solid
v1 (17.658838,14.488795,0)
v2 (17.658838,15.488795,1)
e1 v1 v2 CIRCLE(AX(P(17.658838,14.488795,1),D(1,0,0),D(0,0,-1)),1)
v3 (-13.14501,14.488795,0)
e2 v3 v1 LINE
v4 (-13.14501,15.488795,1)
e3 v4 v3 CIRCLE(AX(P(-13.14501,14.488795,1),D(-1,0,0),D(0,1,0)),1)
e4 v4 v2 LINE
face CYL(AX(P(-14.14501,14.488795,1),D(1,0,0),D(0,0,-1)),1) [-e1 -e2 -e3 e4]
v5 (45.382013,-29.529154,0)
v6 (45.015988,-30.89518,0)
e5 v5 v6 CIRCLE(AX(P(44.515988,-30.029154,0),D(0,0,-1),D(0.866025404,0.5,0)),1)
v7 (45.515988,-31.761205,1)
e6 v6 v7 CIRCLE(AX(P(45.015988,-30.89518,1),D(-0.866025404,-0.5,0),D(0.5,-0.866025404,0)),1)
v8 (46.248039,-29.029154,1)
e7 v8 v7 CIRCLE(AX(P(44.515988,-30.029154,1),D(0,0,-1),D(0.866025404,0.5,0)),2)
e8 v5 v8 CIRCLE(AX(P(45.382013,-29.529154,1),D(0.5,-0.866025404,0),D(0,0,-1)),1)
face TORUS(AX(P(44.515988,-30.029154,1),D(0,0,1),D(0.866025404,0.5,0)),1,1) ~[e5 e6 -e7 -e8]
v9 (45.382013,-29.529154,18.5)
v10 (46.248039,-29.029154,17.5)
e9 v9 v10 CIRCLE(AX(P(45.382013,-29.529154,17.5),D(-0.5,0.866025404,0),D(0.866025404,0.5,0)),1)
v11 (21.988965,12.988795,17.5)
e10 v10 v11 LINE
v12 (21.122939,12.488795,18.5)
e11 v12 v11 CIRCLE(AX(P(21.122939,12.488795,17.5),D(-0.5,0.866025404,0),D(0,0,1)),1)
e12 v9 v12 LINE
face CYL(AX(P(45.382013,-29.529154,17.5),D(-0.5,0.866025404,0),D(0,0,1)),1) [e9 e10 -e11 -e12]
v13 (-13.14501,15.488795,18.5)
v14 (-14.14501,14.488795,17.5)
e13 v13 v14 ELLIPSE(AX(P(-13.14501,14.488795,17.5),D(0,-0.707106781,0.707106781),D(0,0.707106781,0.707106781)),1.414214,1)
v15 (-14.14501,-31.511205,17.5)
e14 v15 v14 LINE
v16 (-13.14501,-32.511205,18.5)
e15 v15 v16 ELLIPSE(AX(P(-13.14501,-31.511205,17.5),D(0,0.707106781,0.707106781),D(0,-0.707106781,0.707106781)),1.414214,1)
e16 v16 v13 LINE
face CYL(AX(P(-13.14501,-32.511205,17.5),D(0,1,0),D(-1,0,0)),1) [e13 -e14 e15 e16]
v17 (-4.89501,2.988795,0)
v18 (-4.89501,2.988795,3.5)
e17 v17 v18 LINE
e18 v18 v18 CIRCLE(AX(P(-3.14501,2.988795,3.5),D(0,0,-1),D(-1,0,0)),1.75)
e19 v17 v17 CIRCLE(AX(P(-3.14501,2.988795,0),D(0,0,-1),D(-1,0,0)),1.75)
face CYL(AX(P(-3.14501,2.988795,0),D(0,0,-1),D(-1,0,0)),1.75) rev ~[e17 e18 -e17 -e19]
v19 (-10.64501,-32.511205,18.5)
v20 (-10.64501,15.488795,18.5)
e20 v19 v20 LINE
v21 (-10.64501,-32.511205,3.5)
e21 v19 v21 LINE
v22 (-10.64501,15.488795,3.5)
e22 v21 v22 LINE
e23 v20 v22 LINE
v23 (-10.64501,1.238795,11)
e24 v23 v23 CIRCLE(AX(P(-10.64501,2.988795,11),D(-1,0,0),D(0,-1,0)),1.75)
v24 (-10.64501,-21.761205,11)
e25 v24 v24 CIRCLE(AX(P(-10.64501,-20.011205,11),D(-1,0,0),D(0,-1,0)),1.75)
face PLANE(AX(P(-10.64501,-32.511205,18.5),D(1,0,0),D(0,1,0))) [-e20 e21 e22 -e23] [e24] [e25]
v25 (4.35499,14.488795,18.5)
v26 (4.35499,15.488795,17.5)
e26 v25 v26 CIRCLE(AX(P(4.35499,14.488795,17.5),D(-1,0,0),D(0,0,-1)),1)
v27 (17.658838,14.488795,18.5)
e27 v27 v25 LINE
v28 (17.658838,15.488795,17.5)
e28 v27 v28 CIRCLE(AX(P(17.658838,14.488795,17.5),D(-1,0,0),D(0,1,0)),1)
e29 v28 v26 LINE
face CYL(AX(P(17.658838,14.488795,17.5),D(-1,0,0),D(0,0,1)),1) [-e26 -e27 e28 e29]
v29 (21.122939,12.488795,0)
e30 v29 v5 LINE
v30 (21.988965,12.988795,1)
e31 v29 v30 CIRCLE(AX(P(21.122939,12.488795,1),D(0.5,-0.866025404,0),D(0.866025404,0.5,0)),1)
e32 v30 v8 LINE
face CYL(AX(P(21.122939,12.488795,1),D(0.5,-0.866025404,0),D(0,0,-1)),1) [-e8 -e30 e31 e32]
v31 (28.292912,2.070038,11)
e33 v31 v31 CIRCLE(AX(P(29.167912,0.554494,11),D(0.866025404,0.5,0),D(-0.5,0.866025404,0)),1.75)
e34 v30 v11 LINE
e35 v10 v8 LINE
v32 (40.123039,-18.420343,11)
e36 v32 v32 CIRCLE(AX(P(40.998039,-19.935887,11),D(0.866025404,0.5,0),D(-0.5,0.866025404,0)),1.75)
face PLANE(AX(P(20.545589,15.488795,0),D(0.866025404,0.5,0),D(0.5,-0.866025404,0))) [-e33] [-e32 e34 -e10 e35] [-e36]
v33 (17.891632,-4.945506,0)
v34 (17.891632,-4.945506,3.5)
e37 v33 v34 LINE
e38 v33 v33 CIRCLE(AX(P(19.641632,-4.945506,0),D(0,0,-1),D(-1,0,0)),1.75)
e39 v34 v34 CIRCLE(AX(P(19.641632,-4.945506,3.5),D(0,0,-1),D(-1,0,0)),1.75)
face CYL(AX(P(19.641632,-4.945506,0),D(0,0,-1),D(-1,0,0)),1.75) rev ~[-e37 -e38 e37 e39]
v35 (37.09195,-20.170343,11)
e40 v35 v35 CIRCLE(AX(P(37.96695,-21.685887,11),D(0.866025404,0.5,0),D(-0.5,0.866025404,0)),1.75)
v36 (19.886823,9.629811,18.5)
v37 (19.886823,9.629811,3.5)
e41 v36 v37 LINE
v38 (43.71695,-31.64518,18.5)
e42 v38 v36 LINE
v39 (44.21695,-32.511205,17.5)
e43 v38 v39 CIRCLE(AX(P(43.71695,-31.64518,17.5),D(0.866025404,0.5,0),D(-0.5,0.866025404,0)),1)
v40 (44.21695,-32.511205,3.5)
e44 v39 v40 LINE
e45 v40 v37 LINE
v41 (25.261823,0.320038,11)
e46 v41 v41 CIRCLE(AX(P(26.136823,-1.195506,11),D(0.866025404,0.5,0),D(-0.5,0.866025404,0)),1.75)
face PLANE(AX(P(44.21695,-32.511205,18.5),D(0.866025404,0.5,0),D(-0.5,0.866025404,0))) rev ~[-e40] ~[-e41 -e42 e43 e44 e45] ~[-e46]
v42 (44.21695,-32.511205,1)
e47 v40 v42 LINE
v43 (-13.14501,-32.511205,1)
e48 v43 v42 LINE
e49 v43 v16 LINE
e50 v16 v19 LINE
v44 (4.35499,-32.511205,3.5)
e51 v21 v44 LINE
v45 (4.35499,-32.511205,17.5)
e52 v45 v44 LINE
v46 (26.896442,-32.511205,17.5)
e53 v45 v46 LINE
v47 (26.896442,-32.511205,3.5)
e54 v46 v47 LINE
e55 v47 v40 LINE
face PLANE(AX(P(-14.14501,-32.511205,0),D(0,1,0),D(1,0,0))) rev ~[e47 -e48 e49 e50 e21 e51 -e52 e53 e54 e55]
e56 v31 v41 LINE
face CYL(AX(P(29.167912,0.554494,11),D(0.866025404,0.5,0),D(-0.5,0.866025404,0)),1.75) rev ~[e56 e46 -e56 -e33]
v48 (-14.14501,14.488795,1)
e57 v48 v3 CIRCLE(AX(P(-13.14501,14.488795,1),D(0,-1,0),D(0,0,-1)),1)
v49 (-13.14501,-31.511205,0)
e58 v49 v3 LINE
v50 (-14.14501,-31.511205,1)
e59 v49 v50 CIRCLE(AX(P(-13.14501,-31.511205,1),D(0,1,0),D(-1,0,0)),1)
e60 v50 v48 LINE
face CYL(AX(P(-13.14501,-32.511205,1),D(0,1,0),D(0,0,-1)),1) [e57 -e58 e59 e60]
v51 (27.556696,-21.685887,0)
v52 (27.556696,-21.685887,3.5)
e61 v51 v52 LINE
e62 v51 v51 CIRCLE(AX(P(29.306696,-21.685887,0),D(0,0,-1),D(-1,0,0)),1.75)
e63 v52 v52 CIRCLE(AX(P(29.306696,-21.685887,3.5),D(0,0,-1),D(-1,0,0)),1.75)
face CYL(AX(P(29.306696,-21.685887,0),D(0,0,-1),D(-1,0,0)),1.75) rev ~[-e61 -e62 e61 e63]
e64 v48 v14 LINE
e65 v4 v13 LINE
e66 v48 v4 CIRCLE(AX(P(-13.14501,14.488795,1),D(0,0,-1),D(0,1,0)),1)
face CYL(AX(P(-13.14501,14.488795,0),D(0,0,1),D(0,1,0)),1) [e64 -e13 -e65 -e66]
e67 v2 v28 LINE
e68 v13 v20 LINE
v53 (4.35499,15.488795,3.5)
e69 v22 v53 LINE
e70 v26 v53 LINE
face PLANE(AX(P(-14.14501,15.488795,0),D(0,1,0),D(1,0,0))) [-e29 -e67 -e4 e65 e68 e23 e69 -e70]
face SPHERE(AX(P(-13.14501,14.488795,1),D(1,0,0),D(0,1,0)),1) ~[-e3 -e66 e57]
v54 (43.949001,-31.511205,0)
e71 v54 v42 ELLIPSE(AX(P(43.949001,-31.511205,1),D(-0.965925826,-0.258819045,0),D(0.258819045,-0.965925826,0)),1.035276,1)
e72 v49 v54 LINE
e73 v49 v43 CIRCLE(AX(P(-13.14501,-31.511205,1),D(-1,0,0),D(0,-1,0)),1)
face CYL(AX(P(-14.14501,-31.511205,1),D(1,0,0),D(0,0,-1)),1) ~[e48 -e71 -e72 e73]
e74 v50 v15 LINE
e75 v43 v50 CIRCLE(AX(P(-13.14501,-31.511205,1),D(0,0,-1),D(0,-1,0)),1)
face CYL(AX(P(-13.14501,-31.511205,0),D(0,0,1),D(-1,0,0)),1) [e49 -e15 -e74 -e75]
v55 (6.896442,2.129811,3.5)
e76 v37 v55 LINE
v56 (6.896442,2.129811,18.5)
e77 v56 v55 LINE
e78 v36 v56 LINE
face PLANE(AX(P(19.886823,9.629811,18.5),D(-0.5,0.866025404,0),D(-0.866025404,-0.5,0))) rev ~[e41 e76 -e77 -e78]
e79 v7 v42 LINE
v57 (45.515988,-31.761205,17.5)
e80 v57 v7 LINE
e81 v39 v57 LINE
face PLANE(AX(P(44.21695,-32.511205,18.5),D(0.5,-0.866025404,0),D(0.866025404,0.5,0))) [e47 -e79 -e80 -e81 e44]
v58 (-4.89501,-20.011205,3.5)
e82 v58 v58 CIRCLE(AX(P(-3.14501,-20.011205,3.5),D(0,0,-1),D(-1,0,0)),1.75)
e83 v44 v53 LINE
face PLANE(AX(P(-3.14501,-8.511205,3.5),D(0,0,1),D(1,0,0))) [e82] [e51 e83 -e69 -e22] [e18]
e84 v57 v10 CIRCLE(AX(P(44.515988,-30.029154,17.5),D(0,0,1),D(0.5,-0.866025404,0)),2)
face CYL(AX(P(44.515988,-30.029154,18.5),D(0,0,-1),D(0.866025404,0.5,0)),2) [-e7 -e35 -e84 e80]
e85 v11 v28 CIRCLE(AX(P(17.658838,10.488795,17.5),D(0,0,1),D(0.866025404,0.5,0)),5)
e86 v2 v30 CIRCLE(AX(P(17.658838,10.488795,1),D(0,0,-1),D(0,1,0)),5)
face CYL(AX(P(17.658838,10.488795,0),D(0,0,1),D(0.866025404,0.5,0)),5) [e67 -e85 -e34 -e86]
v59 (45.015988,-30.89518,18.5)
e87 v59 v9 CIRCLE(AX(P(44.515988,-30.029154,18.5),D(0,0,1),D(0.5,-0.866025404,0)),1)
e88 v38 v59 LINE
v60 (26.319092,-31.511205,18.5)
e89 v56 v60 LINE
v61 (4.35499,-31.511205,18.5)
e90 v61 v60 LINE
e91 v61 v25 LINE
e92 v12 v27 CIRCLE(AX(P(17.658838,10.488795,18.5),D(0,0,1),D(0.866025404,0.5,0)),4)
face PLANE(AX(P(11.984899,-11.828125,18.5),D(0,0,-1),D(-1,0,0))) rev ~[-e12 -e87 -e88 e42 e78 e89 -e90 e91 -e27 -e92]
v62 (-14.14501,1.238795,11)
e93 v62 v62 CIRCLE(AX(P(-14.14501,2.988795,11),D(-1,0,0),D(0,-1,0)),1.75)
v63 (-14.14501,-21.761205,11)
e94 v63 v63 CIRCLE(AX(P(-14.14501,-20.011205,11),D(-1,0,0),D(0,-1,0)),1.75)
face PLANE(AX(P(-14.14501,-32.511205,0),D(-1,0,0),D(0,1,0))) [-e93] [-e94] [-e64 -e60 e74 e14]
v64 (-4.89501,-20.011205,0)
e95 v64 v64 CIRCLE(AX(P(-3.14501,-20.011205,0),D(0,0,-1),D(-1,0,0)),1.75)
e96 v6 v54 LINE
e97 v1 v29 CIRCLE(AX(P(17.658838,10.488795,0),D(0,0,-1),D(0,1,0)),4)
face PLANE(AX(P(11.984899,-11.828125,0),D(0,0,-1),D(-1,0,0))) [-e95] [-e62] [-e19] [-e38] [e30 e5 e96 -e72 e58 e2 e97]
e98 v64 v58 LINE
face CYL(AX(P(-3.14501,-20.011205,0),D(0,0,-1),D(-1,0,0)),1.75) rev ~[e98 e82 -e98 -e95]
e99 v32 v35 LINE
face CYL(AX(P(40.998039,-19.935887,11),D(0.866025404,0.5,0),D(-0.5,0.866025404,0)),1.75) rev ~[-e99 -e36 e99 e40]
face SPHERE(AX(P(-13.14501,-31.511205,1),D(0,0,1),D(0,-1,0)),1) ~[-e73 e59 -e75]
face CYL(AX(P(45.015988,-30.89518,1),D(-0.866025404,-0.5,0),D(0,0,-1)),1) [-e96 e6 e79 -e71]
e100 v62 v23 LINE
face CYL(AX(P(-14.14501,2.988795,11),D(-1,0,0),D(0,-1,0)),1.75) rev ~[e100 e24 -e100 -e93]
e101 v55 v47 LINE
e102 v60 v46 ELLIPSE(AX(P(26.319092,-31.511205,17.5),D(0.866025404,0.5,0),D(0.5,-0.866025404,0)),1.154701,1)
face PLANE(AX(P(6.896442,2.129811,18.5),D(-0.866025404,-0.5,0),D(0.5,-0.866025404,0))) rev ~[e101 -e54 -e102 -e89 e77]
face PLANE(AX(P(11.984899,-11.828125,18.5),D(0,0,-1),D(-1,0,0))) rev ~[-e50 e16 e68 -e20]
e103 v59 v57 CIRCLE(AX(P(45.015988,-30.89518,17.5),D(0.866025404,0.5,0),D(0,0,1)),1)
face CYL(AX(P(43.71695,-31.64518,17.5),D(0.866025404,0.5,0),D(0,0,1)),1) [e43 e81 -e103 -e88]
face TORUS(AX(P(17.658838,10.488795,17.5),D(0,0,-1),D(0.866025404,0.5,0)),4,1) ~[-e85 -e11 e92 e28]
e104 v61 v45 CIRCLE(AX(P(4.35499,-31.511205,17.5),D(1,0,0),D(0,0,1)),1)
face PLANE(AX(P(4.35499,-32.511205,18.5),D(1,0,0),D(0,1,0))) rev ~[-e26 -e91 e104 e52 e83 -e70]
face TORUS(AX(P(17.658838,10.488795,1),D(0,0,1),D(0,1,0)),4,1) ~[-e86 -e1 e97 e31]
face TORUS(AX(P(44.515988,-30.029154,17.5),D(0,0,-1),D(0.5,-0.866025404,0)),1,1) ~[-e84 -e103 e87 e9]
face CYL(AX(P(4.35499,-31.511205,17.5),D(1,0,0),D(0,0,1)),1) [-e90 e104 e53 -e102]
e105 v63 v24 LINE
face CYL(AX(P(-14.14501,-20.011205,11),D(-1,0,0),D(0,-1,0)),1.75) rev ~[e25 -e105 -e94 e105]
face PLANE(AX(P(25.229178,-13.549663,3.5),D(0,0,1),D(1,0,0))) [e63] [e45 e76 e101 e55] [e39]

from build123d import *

# Parameters (mm, degrees)
BOSS_EXTRUDE1_DEPTH = 18.5
SKETCH2_W           = 15
SKETCH2_H           = 48
CUT_EXTRUDE1_DEPTH  = 15
SKETCH3_R           = 1.75
CUT_EXTRUDE2_DEPTH  = 3.5
SKETCH4_R           = 1.75
CUT_EXTRUDE3_DEPTH  = 4
SKETCH5_R           = 1.75
CUT_EXTRUDE4_DEPTH  = 4
CUT_EXTRUDE5_DEPTH  = 19
FILLET1_R           = 2
FILLET2_R           = 5
FILLET3_R           = 1


with BuildPart() as part:
    # Sketch1 → Boss-Extrude1 (new body)
    with BuildSketch(Plane.XY):
        Polygon((20.545588903, 15.488794989), (48.258401824, -32.511205011), (7.85498998, -32.511205011), (-14.14501002, -32.511205011), (-14.14501002, 15.488794989), align=None)
    extrude(amount=BOSS_EXTRUDE1_DEPTH)

    # Sketch2 → Cut-Extrude1 (cut)
    with BuildSketch(Plane.XY.offset(18.5)):
        with Locations((-3.14501002, -8.511205011)):
            Rectangle(SKETCH2_W, SKETCH2_H)
        Polygon((44.21694994, -32.511205011), (19.886822921, 9.62981114), (6.896441864, 2.12981114), (26.896441864, -32.511205011), align=None)
    extrude(amount=-CUT_EXTRUDE1_DEPTH, mode=Mode.SUBTRACT)

    # Sketch3 → Cut-Extrude2 (cut)
    with BuildSketch(Plane(origin=(22.116036645, 12.76869971, 0), x_dir=(0, 0, -1), z_dir=(0.8660254037844377, 0.5000000000000014, 0))):
        with Locations(Location((-11, -37.764004417, 0), (0, 0, 90))):
            Circle(SKETCH3_R)
        with Locations(Location((-11, -14.103750379, 0), (0, 0, 90))):
            Circle(SKETCH3_R)
    extrude(amount=-CUT_EXTRUDE2_DEPTH, mode=Mode.SUBTRACT)

    # Sketch4 → Cut-Extrude3 (cut)
    with BuildSketch(Plane(origin=(0, 0, 0), x_dir=(-1, 0, 0), z_dir=(0, 0, -1))):
        with Locations((-29.306695902, -21.685887464)):
            Circle(SKETCH4_R)
        with Locations((-19.641632393, -4.945506407)):
            Circle(SKETCH4_R)
        with Locations((3.14501002, 2.988794989)):
            Circle(SKETCH4_R)
        with Locations((3.14501002, -20.011205011)):
            Circle(SKETCH4_R)
    extrude(amount=-CUT_EXTRUDE3_DEPTH, mode=Mode.SUBTRACT)

    # Sketch5 → Cut-Extrude4 (cut)
    with BuildSketch(Plane.ZY.offset(14.14501002)):
        with Locations(Location((11, -20.011205011, 0), (0, 0, 270))):
            Circle(SKETCH5_R)
        with Locations(Location((11, 2.988794989, 0), (0, 0, 270))):
            Circle(SKETCH5_R)
    extrude(amount=-CUT_EXTRUDE4_DEPTH, mode=Mode.SUBTRACT)

    # Sketch6 → Cut-Extrude5 (cut)
    with BuildSketch(Plane.XY.offset(18.5)):
        Polygon((44.21694994, -32.511205011), (47.248038853, -30.761205011), (48.258401824, -32.511205011), align=None)
    extrude(amount=-CUT_EXTRUDE5_DEPTH, mode=Mode.SUBTRACT)

    # Fillet1
    fillet1_edges = [part.edges().sort_by_distance(p)[0] for p in [
        (47.248038853, -30.761205011, 9.25),
    ]]
    fillet(fillet1_edges, radius=FILLET1_R)

    # Fillet2
    fillet2_edges = [part.edges().sort_by_distance(p)[0] for p in [
        (20.545588903, 15.488794989, 9.25),
    ]]
    fillet(fillet2_edges, radius=FILLET2_R)

    # Fillet3
    fillet3_edges = [part.edges().sort_by_distance(p)[0] for p in [
        (44.866468993, -32.136205011, 18.5),
        (46.447839698, -30.546792294, 18.5),
        (34.118501715, -8.020179607, 18.5),
        (20.158837557, 14.818922008, 18.5),
        (44.866468993, -32.136205011, 0),
        (46.447839698, -30.546792294, 0),
        (34.118501715, -8.020179607, 0),
        (20.158837557, 14.818922008, 0),
        (15.625715922, -32.511205011, 18.5),
        (11.006913769, 15.488794989, 18.5),
        (-14.14501002, -32.511205011, 9.25),
        (-14.14501002, 15.488794989, 9.25),
        (-14.14501002, -8.511205011, 18.5),
        (15.03596996, -32.511205011, 0),
        (1.756913769, 15.488794989, 0),
        (-14.14501002, -8.511205011, 0),
    ]]
    fillet(fillet3_edges, radius=FILLET3_R)


solid = part.part
